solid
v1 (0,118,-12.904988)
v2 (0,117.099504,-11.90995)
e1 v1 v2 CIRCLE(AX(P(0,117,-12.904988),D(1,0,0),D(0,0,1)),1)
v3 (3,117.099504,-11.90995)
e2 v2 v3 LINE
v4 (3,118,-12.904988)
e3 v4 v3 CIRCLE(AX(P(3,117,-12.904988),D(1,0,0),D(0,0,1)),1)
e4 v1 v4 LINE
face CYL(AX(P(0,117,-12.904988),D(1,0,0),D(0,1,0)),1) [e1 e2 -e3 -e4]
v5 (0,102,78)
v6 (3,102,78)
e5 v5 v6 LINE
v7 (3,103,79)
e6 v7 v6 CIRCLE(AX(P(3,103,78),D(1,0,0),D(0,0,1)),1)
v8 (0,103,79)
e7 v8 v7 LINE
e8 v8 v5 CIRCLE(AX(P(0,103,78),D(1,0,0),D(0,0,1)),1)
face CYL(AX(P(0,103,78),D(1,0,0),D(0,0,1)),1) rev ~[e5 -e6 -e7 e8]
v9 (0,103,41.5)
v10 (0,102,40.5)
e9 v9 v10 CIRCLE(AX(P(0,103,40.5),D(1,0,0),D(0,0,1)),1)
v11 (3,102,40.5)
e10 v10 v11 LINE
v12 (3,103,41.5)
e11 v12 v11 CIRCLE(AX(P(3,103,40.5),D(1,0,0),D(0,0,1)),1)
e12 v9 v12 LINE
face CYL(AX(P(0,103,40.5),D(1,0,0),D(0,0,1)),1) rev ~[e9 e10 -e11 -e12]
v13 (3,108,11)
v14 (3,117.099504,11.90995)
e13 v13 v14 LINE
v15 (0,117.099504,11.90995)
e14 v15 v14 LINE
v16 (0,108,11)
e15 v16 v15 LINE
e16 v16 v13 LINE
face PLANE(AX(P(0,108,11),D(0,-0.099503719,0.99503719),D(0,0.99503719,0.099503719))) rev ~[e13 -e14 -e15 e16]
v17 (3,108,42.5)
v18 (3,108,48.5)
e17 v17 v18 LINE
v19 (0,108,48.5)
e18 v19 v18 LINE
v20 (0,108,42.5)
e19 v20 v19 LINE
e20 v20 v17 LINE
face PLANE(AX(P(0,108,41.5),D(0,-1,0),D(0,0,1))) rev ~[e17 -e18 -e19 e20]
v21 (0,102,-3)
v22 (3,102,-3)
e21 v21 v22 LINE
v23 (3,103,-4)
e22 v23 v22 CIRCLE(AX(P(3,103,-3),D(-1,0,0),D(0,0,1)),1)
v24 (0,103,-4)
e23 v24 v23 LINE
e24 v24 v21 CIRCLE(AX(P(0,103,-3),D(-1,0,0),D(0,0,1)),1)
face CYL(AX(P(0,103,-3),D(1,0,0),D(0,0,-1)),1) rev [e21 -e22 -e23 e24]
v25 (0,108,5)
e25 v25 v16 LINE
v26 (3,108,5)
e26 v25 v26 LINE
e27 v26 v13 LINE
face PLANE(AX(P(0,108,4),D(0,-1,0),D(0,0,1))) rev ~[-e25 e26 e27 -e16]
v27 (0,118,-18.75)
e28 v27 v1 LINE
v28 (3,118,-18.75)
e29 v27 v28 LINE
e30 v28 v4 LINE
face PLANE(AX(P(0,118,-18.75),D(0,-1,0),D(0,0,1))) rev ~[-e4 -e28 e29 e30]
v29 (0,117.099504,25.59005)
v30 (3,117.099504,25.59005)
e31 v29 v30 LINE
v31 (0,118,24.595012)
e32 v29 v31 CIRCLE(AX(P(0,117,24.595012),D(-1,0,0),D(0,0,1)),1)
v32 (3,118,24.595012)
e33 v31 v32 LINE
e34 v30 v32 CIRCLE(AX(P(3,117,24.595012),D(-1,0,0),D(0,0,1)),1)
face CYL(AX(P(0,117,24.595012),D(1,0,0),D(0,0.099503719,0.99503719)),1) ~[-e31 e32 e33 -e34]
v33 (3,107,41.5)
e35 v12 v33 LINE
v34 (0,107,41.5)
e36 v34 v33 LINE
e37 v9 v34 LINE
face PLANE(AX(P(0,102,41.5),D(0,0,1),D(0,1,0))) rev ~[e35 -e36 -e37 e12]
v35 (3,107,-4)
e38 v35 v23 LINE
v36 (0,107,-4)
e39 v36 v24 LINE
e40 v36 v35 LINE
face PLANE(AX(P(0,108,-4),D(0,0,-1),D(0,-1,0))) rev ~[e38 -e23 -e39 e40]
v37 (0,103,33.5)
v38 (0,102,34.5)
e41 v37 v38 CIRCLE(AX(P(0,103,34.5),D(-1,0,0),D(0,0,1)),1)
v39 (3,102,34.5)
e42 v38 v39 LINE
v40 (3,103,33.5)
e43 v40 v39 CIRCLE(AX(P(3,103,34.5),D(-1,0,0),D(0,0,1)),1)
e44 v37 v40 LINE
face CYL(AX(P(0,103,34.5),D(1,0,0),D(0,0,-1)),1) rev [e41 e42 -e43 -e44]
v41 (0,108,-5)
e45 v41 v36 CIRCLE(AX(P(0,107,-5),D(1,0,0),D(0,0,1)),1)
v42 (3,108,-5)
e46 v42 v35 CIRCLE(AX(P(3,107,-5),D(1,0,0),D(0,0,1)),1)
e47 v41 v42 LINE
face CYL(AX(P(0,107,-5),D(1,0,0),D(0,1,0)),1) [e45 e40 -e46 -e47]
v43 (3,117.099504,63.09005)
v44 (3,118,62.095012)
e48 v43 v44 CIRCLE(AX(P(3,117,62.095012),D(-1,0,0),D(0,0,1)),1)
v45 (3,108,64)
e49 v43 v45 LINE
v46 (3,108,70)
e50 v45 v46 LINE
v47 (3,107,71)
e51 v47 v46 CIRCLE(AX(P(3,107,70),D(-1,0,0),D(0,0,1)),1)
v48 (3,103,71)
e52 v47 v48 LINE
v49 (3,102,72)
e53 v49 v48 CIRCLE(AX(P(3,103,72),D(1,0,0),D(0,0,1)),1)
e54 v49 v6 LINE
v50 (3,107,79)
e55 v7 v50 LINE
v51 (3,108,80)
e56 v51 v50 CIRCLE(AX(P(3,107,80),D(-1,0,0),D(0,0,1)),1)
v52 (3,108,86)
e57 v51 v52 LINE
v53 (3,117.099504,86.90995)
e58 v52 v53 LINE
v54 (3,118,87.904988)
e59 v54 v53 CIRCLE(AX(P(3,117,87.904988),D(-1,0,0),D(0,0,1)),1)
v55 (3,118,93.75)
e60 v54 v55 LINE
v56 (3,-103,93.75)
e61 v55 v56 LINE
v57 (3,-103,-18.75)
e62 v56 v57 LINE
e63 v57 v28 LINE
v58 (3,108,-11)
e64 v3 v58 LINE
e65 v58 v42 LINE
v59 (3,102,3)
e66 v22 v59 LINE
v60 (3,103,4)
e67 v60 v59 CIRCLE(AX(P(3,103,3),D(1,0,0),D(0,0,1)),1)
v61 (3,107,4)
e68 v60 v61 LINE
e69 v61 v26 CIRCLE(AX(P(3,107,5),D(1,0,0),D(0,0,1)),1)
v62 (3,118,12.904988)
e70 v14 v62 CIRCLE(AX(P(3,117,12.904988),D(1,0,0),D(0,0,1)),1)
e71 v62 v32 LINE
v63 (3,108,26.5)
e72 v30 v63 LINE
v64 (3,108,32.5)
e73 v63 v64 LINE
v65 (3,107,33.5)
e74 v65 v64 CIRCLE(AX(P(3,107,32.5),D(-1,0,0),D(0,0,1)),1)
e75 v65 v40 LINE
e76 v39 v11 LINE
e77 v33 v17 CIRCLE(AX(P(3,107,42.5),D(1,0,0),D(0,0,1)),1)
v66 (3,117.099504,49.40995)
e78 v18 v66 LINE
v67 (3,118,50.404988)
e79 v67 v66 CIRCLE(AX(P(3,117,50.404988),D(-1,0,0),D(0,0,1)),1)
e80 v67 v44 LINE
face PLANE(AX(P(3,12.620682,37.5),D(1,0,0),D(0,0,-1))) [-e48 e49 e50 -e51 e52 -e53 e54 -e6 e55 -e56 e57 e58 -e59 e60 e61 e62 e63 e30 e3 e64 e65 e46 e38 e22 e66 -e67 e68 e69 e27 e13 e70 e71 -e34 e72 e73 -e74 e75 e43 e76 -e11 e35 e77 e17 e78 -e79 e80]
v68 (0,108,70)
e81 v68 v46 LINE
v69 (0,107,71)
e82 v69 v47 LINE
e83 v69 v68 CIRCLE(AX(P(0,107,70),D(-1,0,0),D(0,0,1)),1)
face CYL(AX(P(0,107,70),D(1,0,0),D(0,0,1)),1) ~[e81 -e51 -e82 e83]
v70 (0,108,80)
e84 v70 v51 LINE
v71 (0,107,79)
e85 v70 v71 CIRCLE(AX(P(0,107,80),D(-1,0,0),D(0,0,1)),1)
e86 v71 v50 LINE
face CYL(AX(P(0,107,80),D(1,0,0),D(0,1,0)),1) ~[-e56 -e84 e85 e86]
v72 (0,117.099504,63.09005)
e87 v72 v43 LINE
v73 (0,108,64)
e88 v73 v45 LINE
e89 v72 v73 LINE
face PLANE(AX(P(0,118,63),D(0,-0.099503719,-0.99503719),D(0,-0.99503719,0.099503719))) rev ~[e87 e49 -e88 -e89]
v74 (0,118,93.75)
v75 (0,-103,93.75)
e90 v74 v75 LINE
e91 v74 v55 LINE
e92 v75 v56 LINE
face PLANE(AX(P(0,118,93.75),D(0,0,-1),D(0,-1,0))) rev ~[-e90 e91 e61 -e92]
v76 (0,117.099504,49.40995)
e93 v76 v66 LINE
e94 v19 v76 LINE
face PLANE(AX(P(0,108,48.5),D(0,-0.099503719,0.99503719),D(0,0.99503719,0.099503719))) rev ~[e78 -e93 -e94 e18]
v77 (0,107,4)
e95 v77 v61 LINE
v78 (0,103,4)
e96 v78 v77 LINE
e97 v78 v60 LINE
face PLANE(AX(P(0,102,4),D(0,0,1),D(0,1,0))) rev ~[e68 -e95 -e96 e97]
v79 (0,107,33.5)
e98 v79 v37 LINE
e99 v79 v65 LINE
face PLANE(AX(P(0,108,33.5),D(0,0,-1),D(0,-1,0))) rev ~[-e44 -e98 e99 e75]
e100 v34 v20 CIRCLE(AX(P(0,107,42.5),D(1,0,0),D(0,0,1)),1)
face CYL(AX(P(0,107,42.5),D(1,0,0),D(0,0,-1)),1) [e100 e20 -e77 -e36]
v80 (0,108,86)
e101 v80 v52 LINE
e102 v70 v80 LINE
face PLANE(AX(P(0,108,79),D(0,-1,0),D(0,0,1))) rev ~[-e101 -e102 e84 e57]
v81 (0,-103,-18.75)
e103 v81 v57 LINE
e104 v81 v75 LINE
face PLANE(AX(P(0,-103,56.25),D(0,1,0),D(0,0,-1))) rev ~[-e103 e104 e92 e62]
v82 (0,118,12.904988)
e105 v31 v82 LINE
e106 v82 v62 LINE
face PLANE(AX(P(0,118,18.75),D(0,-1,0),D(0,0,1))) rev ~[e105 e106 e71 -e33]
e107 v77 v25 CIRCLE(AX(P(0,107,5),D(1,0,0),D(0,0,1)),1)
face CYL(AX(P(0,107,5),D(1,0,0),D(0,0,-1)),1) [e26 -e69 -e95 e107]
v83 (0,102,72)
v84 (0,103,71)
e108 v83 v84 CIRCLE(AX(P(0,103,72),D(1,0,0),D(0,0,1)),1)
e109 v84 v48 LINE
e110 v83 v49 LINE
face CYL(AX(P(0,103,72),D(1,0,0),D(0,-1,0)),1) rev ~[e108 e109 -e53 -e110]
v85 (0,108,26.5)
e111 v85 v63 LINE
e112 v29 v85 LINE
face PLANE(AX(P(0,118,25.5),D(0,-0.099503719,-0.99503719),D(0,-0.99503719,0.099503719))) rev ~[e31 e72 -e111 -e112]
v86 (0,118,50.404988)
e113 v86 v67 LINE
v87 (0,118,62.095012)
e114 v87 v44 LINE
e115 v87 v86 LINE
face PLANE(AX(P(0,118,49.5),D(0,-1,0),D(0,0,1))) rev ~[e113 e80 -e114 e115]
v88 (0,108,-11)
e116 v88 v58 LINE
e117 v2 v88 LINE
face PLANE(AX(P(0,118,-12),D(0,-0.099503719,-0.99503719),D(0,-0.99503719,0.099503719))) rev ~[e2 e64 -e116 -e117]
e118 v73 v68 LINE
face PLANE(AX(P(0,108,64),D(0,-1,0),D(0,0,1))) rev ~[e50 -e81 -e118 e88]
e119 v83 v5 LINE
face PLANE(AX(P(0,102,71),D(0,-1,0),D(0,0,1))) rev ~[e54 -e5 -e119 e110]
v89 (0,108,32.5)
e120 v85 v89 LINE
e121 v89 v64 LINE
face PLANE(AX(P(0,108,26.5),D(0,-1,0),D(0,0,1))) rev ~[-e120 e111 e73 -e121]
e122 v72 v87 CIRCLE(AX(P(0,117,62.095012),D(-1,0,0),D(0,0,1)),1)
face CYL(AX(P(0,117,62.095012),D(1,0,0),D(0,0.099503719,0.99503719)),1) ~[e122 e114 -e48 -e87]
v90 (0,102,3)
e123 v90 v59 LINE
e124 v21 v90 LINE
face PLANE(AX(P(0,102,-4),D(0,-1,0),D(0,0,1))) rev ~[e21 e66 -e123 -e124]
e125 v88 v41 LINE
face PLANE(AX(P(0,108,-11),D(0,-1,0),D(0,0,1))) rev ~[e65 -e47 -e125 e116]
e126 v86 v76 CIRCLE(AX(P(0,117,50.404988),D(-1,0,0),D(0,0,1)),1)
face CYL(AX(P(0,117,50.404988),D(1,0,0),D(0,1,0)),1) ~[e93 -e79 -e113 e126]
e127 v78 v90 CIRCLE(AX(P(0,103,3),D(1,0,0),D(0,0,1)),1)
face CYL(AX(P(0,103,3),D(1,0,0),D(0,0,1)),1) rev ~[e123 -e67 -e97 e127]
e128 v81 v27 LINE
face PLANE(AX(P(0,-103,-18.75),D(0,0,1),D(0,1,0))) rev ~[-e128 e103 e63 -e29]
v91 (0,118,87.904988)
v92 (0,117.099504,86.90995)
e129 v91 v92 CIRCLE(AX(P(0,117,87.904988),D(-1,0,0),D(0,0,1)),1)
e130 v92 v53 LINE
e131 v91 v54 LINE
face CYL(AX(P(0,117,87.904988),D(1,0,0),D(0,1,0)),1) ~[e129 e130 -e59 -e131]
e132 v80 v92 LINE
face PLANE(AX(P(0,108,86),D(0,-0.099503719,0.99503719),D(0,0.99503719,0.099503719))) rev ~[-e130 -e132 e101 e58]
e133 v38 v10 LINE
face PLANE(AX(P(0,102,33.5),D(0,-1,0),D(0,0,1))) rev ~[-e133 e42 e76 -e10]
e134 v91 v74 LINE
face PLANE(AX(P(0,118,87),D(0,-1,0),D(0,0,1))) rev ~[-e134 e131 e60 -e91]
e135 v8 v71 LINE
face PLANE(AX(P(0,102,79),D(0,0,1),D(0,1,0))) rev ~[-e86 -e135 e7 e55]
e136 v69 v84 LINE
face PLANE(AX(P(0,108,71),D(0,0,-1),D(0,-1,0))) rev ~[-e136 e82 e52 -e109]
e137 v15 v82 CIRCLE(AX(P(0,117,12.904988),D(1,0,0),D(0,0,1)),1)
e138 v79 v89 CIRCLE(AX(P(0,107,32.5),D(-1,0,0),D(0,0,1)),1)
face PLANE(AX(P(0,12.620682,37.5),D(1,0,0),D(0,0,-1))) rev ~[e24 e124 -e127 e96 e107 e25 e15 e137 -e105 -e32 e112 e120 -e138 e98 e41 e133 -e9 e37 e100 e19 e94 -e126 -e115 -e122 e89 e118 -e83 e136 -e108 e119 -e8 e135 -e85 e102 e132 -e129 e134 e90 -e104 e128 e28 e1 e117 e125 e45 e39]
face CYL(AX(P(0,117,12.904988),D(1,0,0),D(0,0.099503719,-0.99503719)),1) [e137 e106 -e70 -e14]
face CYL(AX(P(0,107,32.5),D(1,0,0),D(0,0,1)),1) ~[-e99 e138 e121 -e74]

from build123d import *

# Parameters (mm, degrees)
BOSS_EXTRUDE2_DEPTH    = 3
FILLET1_R              = 1
LPATTERN1_COUNT        = 3
LPATTERN1_PITCH        = 37.5
FILLET1_OF_LPATTERN1_R = 1


with BuildPart() as part:
    # Sketch2 → Boss-Extrude2 (new body)
    with BuildSketch(Plane(origin=(0, 0, 0), x_dir=(0, 0, -1), z_dir=(1, 0, 0))):
        Polygon((-4, 102), (-4, 108), (-11, 108), (-12, 118), (-18.75, 118), (-18.75, -103), (18.75, -103), (18.75, 118), (12, 118), (11, 108), (4, 108), (4, 102), align=None)
    boss_extrude2 = extrude(amount=BOSS_EXTRUDE2_DEPTH)

    # Fillet1
    fillet1_edges = [part.edges().sort_by_distance(p)[0] for p in [
        (1.5, 108, -4),
        (1.5, 118, -12),
        (1.5, 118, 12),
        (1.5, 108, 4),
        (1.5, 102, 4),
        (1.5, 102, -4),
    ]]
    fillet(fillet1_edges, radius=FILLET1_R)

    # LPattern1: Boss-Extrude2 ×3
    with Locations(*[(0, 0, i * LPATTERN1_PITCH) for i in range(1, LPATTERN1_COUNT)]):
        add(boss_extrude2)

    # Fillet1 of LPattern1
    fillet1_of_lpattern1_edges = [part.edges().sort_by_distance(p)[0] for p in [
        (1.5, 108, 33.5),
        (1.5, 118, 25.5),
        (1.5, 118, 49.5),
        (1.5, 108, 41.5),
        (1.5, 102, 41.5),
        (1.5, 102, 33.5),
        (1.5, 108, 71),
        (1.5, 118, 63),
        (1.5, 118, 87),
        (1.5, 108, 79),
        (1.5, 102, 79),
        (1.5, 102, 71),
    ]]
    fillet(fillet1_of_lpattern1_edges, radius=FILLET1_OF_LPATTERN1_R)


solid = part.part
